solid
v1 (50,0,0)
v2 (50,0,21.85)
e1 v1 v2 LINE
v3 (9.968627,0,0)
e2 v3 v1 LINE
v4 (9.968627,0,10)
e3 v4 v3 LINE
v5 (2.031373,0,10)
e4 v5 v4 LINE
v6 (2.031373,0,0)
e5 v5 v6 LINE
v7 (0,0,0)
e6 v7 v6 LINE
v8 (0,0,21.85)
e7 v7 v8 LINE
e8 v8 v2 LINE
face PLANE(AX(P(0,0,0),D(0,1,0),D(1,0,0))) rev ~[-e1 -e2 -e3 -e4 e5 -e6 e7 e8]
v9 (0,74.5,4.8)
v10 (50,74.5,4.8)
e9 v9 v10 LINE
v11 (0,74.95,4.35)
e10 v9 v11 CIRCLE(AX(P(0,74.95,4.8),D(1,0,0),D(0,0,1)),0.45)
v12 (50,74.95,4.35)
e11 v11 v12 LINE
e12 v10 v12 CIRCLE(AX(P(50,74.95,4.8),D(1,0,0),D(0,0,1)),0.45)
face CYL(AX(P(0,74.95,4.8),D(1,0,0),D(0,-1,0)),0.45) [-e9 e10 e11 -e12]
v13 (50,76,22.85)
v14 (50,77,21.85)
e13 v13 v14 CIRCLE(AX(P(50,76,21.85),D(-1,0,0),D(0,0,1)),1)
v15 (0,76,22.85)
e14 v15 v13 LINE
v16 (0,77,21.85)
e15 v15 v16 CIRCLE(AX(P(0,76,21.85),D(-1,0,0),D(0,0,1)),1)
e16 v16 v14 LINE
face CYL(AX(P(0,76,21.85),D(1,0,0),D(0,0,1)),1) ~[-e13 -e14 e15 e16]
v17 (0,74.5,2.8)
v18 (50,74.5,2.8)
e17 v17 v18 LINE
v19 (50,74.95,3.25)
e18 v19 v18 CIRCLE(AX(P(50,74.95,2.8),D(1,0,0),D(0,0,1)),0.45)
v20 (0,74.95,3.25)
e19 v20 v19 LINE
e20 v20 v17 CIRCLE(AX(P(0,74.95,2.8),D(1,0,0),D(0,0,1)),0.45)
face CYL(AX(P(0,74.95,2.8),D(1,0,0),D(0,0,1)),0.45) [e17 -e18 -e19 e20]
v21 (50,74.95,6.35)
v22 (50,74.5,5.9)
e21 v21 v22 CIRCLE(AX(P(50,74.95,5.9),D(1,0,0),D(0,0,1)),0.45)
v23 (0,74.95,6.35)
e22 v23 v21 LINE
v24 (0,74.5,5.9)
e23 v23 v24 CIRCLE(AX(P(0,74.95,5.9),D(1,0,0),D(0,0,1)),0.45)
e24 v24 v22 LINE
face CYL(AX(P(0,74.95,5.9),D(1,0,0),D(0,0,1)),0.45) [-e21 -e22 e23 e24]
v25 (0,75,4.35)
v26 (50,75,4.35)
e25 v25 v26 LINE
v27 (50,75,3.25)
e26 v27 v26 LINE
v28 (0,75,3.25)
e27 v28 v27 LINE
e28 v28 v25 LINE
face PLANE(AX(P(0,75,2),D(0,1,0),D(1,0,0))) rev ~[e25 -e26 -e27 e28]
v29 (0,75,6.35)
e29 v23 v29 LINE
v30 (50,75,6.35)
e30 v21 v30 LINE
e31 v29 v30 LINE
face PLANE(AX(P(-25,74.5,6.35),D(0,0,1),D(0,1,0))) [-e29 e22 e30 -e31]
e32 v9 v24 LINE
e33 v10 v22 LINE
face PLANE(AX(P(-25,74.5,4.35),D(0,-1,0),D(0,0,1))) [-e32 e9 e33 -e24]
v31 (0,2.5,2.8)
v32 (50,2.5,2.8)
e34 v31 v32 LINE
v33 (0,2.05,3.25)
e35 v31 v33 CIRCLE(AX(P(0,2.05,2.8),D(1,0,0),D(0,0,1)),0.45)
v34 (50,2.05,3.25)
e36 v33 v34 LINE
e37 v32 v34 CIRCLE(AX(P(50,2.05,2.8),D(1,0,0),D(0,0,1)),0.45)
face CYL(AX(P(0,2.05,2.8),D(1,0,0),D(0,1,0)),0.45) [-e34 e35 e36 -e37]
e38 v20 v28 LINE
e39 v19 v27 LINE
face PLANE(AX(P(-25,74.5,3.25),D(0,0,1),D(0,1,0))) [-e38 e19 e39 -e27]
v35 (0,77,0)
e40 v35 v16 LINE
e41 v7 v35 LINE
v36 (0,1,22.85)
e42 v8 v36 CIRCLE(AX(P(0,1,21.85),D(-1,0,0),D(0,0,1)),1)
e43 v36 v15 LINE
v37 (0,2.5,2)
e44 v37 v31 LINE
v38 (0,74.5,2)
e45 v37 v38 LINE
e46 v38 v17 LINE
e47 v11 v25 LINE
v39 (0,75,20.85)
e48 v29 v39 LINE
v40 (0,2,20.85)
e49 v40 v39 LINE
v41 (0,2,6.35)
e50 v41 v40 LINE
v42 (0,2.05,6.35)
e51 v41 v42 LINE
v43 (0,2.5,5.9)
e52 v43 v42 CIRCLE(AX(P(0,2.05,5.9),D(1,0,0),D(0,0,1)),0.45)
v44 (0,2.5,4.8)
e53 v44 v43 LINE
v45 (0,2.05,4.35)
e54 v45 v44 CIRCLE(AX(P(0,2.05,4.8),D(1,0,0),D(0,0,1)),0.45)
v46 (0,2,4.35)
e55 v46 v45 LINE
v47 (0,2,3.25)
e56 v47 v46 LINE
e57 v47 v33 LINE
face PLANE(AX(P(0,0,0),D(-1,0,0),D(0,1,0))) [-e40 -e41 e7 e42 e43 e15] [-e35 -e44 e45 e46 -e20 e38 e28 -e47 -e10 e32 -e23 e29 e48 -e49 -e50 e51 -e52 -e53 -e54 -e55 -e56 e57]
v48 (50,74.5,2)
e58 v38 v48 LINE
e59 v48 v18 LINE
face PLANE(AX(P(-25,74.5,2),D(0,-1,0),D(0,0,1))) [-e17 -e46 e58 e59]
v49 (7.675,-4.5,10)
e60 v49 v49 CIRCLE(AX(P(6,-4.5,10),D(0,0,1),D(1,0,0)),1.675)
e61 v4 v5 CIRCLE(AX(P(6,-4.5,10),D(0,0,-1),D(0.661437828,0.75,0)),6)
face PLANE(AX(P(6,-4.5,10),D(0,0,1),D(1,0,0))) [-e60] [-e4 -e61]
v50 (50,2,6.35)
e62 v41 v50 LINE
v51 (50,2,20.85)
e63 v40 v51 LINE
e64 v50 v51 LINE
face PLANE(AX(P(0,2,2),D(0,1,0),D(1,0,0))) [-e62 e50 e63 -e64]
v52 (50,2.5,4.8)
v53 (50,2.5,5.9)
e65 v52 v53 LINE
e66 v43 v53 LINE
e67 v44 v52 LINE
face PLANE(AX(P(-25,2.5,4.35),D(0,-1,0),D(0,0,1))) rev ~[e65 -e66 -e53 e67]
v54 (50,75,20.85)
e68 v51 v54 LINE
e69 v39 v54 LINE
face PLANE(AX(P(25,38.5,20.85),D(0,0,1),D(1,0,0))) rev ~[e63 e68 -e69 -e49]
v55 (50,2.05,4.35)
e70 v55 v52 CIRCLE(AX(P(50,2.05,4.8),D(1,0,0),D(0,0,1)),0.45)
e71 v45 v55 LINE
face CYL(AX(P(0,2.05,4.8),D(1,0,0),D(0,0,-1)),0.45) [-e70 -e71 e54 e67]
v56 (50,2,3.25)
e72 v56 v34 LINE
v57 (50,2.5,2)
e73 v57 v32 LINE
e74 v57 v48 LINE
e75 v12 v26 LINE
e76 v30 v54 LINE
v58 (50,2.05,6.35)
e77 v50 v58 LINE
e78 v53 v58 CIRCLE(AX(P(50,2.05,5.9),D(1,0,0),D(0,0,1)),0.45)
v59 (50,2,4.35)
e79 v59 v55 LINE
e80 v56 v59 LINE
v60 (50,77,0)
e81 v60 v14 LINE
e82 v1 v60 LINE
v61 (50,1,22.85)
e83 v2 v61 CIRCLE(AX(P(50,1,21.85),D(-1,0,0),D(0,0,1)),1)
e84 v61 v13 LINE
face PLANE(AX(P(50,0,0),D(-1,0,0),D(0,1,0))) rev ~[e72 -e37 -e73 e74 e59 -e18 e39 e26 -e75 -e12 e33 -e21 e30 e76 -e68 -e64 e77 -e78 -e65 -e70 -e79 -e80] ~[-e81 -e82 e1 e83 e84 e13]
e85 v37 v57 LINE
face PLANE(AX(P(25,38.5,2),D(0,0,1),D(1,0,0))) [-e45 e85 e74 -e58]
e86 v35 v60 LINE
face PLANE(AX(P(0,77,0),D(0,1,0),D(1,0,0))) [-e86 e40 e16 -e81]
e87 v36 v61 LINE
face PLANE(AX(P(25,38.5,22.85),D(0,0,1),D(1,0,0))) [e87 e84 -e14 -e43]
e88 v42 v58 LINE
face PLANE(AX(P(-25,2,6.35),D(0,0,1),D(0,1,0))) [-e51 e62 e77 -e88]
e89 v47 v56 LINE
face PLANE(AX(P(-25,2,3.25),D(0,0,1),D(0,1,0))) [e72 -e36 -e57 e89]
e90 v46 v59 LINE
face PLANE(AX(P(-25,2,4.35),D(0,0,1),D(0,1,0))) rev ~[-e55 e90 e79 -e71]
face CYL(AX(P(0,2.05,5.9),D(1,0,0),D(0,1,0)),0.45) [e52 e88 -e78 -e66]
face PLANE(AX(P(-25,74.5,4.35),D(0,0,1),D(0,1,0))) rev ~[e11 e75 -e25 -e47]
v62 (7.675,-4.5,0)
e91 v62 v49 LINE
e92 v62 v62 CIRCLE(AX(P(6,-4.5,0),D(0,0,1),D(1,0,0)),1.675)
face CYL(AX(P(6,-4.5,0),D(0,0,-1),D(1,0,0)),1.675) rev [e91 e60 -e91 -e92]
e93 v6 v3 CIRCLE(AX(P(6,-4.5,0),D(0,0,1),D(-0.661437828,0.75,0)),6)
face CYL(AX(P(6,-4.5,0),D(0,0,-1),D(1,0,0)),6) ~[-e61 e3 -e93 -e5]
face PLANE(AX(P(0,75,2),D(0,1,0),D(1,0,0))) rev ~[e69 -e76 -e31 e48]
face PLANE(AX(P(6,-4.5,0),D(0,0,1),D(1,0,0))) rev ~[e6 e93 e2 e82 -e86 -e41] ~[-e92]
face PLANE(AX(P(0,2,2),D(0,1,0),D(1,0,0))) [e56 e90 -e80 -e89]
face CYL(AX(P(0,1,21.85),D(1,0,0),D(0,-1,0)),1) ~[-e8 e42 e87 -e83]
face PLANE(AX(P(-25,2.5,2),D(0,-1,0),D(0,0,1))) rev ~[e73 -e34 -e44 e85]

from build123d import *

# Parameters (mm, degrees)
TUBE_R        = 6
TUBE_R_2      = 1.675
TUBE_DEPTH    = 10
SKETCH003_W   = 73
SKETCH003_H   = 18.85
PAD002_DEPTH  = 10
SKETCH002_W   = 0.5
SKETCH002_H   = 1.25
SKETCH002_H_2 = 2
PAD003_DEPTH  = 100
SKETCH001_W   = 50
SKETCH001_H   = 73
PAD001_DEPTH  = 18.85
SKETCH_W      = 50
SKETCH_H      = 77
PAD_DEPTH     = 22.85
FILLET_R      = 0.45
FILLET001_R   = 1


with BuildPart() as tube:
    # Tube → Tube (new body)
    with BuildSketch(Plane(origin=(6, -4.5, 0), x_dir=(1, 0, 0), z_dir=(0, 0, 1))):
        Circle(TUBE_R)
        Circle(TUBE_R_2, mode=Mode.SUBTRACT)
    extrude(amount=TUBE_DEPTH)


with BuildPart() as inner_volume_track_removal:
    # Sketch003 → Pad002 (new body)
    with BuildSketch(Plane.YZ):
        with Locations((36.5, 9.425)):
            Rectangle(SKETCH003_W, SKETCH003_H)
    extrude(amount=PAD002_DEPTH)

    # Sketch002 → Pad003 (join)
    with BuildSketch(Plane.YZ):
        with Locations((0.25, 0.625)):
            Rectangle(SKETCH002_W, SKETCH002_H)
        with Locations((72.75, 0.625)):
            Rectangle(SKETCH002_W, SKETCH002_H)
        with Locations((0.25, 3.35)):
            Rectangle(SKETCH002_W, SKETCH002_H_2)
        with Locations((72.75, 3.35)):
            Rectangle(SKETCH002_W, SKETCH002_H_2)
    extrude(amount=PAD003_DEPTH)


with BuildPart() as inner_volume_track_removal_1:
    # Body002 placement: moved
    add(inner_volume_track_removal.part.moved(Location((-25, 0, 0))))


with BuildPart() as cut:
    # Sketch001 → Pad001 (new body)
    with BuildSketch(Plane.XY):
        with Locations((25, 36.5)):
            Rectangle(SKETCH001_W, SKETCH001_H)
    extrude(amount=PAD001_DEPTH)

    # Cut: cut Inner Volume Track Removal
    add(inner_volume_track_removal_1.part, mode=Mode.SUBTRACT)


with BuildPart() as cut_1:
    # Cut placement: moved
    add(cut.part.moved(Location((0, 2, 2))))


with BuildPart() as relay_case_with_anchor:
    # Sketch → Pad (new body)
    with BuildSketch(Plane.XY):
        with Locations((25, 38.5)):
            Rectangle(SKETCH_W, SKETCH_H)
    extrude(amount=PAD_DEPTH)

    # Cut001: cut Cut
    add(cut_1.part, mode=Mode.SUBTRACT)

    # Fillet
    fillet_edges = [relay_case_with_anchor.edges().sort_by_distance(p)[0] for p in [
        (25, 2.5, 3.25),
        (25, 74.5, 3.25),
        (25, 74.5, 4.35),
        (25, 74.5, 6.35),
        (25, 2.5, 6.35),
        (25, 2.5, 4.35),
    ]]
    fillet(fillet_edges, radius=FILLET_R)

    # Fillet001
    fillet001_edges = [relay_case_with_anchor.edges().sort_by_distance(p)[0] for p in [
        (25, 77, 22.85),
        (25, 0, 22.85),
    ]]
    fillet(fillet001_edges, radius=FILLET001_R)

    # Fusion: union Tube
    add(tube.part)


solid = relay_case_with_anchor.part
